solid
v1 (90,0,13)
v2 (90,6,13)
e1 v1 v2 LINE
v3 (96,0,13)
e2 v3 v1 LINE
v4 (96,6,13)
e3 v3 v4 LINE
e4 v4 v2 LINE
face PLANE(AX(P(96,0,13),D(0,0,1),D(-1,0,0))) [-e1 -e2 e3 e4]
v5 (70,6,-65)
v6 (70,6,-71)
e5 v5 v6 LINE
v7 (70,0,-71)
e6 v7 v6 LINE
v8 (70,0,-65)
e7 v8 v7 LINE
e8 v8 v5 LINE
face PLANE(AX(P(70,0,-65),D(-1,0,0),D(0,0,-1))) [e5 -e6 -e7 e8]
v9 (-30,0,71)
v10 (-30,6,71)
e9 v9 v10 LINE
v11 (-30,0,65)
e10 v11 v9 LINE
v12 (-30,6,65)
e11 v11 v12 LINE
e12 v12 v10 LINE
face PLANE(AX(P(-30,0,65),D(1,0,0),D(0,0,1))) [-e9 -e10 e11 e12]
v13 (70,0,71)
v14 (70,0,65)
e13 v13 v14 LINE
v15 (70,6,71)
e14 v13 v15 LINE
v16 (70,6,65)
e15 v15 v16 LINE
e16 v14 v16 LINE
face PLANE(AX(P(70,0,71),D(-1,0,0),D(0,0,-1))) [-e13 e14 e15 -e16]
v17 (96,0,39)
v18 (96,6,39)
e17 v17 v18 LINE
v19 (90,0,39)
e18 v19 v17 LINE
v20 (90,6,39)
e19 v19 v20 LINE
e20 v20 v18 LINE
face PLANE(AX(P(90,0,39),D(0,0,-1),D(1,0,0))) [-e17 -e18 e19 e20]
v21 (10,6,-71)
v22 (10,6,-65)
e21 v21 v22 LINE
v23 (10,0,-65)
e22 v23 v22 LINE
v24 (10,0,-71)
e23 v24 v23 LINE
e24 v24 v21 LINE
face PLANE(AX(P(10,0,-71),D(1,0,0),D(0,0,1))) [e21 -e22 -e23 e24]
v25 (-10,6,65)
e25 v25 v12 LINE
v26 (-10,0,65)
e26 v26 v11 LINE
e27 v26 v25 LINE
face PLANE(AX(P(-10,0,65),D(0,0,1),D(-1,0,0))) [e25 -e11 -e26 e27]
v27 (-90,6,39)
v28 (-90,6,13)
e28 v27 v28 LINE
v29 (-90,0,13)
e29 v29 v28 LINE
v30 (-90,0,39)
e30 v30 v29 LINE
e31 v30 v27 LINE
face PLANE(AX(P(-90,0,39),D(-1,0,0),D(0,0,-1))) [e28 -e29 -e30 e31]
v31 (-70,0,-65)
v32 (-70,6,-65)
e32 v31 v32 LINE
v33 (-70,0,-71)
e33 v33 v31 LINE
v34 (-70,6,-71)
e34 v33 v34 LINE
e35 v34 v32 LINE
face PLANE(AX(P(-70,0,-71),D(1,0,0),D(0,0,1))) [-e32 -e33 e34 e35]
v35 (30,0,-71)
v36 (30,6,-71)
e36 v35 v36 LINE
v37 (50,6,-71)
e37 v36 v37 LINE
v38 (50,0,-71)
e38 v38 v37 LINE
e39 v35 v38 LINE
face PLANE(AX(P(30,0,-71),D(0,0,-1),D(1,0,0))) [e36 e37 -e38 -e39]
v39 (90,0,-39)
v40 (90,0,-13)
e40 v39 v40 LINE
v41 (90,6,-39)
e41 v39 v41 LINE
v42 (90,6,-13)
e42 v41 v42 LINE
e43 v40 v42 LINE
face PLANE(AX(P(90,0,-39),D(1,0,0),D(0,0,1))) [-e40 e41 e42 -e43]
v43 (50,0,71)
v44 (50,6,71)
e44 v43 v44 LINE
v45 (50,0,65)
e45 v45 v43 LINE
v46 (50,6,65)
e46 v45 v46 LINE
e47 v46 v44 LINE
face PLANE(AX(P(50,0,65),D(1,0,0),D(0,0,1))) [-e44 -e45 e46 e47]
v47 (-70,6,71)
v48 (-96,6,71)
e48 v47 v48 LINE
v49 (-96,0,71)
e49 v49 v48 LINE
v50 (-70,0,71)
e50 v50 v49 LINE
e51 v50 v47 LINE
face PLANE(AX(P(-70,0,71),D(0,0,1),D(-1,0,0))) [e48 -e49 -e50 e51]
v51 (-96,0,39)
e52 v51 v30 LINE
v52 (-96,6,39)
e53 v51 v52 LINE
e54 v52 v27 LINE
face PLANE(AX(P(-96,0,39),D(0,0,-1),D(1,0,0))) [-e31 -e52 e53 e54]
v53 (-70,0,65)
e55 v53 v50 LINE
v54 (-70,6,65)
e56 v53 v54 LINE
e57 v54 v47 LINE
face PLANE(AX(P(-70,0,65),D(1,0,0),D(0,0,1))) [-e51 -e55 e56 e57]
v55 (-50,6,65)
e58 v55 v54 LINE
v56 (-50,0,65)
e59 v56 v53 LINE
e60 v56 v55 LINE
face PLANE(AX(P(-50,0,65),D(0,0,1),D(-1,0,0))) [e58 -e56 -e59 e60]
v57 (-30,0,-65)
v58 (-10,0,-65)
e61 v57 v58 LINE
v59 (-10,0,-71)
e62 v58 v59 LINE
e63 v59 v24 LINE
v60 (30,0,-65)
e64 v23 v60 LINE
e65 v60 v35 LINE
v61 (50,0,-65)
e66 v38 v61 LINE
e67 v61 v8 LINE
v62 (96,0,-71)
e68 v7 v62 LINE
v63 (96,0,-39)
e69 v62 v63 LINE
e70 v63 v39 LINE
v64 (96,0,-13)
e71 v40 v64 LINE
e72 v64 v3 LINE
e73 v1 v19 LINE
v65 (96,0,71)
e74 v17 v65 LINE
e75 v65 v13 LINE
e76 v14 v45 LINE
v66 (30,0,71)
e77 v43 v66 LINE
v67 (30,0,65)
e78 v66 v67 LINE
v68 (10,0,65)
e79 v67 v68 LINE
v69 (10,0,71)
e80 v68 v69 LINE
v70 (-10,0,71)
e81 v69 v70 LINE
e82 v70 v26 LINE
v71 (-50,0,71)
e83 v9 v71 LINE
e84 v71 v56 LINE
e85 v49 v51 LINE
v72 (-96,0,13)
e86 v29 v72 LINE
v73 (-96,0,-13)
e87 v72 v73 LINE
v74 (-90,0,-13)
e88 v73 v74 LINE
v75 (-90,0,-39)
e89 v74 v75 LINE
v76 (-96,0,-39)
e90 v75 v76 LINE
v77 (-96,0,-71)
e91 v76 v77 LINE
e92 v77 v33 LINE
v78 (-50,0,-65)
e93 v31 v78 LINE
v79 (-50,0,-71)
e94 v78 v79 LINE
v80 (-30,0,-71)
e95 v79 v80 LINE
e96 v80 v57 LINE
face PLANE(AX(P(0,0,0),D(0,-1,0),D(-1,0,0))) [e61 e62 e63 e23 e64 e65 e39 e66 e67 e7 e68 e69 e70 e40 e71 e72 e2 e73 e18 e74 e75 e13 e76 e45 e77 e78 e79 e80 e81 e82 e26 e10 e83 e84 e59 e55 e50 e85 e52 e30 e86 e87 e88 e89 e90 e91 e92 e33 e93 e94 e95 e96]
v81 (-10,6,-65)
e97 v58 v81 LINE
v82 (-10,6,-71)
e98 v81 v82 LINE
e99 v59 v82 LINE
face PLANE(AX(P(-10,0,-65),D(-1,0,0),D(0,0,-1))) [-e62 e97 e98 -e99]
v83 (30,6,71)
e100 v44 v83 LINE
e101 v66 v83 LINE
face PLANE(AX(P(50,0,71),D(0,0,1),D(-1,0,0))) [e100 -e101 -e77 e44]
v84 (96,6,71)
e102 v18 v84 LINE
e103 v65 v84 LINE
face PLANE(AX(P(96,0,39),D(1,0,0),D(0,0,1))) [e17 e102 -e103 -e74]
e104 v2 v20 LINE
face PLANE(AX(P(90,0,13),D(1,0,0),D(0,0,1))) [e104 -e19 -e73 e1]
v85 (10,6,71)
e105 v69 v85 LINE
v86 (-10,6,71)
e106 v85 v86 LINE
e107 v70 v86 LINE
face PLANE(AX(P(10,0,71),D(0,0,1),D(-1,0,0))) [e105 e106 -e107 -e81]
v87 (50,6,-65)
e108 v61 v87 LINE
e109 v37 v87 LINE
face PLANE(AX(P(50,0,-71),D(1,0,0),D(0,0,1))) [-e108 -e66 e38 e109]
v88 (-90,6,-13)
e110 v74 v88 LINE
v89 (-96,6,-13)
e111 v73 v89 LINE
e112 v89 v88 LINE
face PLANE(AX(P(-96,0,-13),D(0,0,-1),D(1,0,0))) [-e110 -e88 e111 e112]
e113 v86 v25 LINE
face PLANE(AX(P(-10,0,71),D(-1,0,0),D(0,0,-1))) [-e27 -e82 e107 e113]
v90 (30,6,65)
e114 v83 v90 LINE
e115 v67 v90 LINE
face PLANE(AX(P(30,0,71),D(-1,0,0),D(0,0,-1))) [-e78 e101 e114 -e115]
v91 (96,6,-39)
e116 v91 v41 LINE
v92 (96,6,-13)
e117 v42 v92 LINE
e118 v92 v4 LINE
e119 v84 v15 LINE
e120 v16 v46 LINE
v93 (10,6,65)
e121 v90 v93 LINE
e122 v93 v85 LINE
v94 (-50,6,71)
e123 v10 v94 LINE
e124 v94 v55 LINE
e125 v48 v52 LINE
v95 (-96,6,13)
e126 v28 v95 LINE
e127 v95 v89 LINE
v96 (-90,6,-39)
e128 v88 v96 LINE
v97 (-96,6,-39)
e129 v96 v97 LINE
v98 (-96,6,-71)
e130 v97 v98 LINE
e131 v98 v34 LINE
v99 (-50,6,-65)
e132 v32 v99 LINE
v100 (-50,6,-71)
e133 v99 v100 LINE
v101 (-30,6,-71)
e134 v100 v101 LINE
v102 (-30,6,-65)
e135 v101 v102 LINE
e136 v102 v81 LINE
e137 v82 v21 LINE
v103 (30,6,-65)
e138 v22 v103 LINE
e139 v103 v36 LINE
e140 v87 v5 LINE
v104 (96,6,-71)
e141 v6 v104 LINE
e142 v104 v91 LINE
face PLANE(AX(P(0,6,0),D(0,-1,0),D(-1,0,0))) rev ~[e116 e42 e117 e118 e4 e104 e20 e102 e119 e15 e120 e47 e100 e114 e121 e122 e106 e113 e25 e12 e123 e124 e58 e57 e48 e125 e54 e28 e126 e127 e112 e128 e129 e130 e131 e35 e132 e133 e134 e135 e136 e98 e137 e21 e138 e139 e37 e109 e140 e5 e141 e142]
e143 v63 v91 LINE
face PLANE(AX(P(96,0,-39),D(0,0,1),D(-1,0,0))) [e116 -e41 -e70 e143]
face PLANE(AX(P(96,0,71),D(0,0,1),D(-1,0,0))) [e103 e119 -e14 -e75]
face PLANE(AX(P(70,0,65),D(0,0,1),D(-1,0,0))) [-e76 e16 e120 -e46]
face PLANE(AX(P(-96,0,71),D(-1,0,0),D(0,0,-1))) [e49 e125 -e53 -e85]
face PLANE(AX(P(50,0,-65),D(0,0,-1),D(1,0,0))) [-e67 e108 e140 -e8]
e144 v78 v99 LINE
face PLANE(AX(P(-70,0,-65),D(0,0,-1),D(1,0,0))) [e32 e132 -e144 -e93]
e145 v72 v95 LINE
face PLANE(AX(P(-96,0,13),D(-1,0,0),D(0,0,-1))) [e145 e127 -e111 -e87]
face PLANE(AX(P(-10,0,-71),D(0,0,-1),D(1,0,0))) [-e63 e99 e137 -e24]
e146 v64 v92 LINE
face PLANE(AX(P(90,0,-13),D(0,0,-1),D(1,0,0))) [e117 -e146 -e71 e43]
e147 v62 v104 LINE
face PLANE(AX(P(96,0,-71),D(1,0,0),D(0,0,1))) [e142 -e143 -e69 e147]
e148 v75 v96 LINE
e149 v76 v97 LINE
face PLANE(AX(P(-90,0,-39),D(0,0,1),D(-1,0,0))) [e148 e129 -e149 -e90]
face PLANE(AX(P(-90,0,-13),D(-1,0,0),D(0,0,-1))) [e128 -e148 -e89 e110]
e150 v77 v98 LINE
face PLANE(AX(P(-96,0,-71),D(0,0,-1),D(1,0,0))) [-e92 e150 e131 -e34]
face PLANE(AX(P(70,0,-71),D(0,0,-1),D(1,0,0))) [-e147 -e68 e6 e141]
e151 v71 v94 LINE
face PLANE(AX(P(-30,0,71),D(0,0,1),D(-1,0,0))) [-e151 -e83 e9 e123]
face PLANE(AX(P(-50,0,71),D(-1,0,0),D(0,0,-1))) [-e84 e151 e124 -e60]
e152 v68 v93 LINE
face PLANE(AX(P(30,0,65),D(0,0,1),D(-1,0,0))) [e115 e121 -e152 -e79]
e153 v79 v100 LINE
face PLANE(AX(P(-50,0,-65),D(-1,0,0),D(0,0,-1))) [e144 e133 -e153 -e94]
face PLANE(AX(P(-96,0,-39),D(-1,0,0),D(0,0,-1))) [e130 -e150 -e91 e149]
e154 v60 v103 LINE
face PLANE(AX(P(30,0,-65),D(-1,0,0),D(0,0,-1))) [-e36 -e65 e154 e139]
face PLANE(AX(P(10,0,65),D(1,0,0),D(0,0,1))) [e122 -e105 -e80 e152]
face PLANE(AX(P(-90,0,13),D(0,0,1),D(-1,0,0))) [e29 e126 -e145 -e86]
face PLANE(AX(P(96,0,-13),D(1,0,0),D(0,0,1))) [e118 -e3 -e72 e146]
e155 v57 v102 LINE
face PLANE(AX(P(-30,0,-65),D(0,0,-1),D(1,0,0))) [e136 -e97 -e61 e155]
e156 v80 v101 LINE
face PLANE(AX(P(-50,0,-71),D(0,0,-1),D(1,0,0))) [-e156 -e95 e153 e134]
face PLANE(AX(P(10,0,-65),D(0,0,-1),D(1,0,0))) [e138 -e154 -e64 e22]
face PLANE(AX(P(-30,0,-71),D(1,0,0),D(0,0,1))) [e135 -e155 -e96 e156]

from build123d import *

# Parameters (mm, degrees)
BOSS_EXTRUDE1_DEPTH = 6


with BuildPart() as part:
    # Sketch1 → Boss-Extrude1 (new body)
    with BuildSketch(Plane(origin=(0, 0, 0), x_dir=(1, 0, 0), z_dir=(0, 1, 0))):
        Polygon((-70, 71), (-70, 65), (-50, 65), (-50, 71), (-30, 71), (-30, 65), (-10, 65), (-10, 71), (10, 71), (10, 65), (30, 65), (30, 71), (50, 71), (50, 65), (70, 65), (70, 71), (96, 71), (96, 39), (90, 39), (90, 13), (96, 13), (96, -13), (90, -13), (90, -39), (96, -39), (96, -71), (70, -71), (70, -65), (50, -65), (50, -71), (30, -71), (30, -65), (10, -65), (10, -71), (-10, -71), (-10, -65), (-30, -65), (-30, -71), (-50, -71), (-50, -65), (-70, -65), (-70, -71), (-96, -71), (-96, -39), (-90, -39), (-90, -13), (-96, -13), (-96, 13), (-90, 13), (-90, 39), (-96, 39), (-96, 71), align=None)
    extrude(amount=BOSS_EXTRUDE1_DEPTH)


solid = part.part
